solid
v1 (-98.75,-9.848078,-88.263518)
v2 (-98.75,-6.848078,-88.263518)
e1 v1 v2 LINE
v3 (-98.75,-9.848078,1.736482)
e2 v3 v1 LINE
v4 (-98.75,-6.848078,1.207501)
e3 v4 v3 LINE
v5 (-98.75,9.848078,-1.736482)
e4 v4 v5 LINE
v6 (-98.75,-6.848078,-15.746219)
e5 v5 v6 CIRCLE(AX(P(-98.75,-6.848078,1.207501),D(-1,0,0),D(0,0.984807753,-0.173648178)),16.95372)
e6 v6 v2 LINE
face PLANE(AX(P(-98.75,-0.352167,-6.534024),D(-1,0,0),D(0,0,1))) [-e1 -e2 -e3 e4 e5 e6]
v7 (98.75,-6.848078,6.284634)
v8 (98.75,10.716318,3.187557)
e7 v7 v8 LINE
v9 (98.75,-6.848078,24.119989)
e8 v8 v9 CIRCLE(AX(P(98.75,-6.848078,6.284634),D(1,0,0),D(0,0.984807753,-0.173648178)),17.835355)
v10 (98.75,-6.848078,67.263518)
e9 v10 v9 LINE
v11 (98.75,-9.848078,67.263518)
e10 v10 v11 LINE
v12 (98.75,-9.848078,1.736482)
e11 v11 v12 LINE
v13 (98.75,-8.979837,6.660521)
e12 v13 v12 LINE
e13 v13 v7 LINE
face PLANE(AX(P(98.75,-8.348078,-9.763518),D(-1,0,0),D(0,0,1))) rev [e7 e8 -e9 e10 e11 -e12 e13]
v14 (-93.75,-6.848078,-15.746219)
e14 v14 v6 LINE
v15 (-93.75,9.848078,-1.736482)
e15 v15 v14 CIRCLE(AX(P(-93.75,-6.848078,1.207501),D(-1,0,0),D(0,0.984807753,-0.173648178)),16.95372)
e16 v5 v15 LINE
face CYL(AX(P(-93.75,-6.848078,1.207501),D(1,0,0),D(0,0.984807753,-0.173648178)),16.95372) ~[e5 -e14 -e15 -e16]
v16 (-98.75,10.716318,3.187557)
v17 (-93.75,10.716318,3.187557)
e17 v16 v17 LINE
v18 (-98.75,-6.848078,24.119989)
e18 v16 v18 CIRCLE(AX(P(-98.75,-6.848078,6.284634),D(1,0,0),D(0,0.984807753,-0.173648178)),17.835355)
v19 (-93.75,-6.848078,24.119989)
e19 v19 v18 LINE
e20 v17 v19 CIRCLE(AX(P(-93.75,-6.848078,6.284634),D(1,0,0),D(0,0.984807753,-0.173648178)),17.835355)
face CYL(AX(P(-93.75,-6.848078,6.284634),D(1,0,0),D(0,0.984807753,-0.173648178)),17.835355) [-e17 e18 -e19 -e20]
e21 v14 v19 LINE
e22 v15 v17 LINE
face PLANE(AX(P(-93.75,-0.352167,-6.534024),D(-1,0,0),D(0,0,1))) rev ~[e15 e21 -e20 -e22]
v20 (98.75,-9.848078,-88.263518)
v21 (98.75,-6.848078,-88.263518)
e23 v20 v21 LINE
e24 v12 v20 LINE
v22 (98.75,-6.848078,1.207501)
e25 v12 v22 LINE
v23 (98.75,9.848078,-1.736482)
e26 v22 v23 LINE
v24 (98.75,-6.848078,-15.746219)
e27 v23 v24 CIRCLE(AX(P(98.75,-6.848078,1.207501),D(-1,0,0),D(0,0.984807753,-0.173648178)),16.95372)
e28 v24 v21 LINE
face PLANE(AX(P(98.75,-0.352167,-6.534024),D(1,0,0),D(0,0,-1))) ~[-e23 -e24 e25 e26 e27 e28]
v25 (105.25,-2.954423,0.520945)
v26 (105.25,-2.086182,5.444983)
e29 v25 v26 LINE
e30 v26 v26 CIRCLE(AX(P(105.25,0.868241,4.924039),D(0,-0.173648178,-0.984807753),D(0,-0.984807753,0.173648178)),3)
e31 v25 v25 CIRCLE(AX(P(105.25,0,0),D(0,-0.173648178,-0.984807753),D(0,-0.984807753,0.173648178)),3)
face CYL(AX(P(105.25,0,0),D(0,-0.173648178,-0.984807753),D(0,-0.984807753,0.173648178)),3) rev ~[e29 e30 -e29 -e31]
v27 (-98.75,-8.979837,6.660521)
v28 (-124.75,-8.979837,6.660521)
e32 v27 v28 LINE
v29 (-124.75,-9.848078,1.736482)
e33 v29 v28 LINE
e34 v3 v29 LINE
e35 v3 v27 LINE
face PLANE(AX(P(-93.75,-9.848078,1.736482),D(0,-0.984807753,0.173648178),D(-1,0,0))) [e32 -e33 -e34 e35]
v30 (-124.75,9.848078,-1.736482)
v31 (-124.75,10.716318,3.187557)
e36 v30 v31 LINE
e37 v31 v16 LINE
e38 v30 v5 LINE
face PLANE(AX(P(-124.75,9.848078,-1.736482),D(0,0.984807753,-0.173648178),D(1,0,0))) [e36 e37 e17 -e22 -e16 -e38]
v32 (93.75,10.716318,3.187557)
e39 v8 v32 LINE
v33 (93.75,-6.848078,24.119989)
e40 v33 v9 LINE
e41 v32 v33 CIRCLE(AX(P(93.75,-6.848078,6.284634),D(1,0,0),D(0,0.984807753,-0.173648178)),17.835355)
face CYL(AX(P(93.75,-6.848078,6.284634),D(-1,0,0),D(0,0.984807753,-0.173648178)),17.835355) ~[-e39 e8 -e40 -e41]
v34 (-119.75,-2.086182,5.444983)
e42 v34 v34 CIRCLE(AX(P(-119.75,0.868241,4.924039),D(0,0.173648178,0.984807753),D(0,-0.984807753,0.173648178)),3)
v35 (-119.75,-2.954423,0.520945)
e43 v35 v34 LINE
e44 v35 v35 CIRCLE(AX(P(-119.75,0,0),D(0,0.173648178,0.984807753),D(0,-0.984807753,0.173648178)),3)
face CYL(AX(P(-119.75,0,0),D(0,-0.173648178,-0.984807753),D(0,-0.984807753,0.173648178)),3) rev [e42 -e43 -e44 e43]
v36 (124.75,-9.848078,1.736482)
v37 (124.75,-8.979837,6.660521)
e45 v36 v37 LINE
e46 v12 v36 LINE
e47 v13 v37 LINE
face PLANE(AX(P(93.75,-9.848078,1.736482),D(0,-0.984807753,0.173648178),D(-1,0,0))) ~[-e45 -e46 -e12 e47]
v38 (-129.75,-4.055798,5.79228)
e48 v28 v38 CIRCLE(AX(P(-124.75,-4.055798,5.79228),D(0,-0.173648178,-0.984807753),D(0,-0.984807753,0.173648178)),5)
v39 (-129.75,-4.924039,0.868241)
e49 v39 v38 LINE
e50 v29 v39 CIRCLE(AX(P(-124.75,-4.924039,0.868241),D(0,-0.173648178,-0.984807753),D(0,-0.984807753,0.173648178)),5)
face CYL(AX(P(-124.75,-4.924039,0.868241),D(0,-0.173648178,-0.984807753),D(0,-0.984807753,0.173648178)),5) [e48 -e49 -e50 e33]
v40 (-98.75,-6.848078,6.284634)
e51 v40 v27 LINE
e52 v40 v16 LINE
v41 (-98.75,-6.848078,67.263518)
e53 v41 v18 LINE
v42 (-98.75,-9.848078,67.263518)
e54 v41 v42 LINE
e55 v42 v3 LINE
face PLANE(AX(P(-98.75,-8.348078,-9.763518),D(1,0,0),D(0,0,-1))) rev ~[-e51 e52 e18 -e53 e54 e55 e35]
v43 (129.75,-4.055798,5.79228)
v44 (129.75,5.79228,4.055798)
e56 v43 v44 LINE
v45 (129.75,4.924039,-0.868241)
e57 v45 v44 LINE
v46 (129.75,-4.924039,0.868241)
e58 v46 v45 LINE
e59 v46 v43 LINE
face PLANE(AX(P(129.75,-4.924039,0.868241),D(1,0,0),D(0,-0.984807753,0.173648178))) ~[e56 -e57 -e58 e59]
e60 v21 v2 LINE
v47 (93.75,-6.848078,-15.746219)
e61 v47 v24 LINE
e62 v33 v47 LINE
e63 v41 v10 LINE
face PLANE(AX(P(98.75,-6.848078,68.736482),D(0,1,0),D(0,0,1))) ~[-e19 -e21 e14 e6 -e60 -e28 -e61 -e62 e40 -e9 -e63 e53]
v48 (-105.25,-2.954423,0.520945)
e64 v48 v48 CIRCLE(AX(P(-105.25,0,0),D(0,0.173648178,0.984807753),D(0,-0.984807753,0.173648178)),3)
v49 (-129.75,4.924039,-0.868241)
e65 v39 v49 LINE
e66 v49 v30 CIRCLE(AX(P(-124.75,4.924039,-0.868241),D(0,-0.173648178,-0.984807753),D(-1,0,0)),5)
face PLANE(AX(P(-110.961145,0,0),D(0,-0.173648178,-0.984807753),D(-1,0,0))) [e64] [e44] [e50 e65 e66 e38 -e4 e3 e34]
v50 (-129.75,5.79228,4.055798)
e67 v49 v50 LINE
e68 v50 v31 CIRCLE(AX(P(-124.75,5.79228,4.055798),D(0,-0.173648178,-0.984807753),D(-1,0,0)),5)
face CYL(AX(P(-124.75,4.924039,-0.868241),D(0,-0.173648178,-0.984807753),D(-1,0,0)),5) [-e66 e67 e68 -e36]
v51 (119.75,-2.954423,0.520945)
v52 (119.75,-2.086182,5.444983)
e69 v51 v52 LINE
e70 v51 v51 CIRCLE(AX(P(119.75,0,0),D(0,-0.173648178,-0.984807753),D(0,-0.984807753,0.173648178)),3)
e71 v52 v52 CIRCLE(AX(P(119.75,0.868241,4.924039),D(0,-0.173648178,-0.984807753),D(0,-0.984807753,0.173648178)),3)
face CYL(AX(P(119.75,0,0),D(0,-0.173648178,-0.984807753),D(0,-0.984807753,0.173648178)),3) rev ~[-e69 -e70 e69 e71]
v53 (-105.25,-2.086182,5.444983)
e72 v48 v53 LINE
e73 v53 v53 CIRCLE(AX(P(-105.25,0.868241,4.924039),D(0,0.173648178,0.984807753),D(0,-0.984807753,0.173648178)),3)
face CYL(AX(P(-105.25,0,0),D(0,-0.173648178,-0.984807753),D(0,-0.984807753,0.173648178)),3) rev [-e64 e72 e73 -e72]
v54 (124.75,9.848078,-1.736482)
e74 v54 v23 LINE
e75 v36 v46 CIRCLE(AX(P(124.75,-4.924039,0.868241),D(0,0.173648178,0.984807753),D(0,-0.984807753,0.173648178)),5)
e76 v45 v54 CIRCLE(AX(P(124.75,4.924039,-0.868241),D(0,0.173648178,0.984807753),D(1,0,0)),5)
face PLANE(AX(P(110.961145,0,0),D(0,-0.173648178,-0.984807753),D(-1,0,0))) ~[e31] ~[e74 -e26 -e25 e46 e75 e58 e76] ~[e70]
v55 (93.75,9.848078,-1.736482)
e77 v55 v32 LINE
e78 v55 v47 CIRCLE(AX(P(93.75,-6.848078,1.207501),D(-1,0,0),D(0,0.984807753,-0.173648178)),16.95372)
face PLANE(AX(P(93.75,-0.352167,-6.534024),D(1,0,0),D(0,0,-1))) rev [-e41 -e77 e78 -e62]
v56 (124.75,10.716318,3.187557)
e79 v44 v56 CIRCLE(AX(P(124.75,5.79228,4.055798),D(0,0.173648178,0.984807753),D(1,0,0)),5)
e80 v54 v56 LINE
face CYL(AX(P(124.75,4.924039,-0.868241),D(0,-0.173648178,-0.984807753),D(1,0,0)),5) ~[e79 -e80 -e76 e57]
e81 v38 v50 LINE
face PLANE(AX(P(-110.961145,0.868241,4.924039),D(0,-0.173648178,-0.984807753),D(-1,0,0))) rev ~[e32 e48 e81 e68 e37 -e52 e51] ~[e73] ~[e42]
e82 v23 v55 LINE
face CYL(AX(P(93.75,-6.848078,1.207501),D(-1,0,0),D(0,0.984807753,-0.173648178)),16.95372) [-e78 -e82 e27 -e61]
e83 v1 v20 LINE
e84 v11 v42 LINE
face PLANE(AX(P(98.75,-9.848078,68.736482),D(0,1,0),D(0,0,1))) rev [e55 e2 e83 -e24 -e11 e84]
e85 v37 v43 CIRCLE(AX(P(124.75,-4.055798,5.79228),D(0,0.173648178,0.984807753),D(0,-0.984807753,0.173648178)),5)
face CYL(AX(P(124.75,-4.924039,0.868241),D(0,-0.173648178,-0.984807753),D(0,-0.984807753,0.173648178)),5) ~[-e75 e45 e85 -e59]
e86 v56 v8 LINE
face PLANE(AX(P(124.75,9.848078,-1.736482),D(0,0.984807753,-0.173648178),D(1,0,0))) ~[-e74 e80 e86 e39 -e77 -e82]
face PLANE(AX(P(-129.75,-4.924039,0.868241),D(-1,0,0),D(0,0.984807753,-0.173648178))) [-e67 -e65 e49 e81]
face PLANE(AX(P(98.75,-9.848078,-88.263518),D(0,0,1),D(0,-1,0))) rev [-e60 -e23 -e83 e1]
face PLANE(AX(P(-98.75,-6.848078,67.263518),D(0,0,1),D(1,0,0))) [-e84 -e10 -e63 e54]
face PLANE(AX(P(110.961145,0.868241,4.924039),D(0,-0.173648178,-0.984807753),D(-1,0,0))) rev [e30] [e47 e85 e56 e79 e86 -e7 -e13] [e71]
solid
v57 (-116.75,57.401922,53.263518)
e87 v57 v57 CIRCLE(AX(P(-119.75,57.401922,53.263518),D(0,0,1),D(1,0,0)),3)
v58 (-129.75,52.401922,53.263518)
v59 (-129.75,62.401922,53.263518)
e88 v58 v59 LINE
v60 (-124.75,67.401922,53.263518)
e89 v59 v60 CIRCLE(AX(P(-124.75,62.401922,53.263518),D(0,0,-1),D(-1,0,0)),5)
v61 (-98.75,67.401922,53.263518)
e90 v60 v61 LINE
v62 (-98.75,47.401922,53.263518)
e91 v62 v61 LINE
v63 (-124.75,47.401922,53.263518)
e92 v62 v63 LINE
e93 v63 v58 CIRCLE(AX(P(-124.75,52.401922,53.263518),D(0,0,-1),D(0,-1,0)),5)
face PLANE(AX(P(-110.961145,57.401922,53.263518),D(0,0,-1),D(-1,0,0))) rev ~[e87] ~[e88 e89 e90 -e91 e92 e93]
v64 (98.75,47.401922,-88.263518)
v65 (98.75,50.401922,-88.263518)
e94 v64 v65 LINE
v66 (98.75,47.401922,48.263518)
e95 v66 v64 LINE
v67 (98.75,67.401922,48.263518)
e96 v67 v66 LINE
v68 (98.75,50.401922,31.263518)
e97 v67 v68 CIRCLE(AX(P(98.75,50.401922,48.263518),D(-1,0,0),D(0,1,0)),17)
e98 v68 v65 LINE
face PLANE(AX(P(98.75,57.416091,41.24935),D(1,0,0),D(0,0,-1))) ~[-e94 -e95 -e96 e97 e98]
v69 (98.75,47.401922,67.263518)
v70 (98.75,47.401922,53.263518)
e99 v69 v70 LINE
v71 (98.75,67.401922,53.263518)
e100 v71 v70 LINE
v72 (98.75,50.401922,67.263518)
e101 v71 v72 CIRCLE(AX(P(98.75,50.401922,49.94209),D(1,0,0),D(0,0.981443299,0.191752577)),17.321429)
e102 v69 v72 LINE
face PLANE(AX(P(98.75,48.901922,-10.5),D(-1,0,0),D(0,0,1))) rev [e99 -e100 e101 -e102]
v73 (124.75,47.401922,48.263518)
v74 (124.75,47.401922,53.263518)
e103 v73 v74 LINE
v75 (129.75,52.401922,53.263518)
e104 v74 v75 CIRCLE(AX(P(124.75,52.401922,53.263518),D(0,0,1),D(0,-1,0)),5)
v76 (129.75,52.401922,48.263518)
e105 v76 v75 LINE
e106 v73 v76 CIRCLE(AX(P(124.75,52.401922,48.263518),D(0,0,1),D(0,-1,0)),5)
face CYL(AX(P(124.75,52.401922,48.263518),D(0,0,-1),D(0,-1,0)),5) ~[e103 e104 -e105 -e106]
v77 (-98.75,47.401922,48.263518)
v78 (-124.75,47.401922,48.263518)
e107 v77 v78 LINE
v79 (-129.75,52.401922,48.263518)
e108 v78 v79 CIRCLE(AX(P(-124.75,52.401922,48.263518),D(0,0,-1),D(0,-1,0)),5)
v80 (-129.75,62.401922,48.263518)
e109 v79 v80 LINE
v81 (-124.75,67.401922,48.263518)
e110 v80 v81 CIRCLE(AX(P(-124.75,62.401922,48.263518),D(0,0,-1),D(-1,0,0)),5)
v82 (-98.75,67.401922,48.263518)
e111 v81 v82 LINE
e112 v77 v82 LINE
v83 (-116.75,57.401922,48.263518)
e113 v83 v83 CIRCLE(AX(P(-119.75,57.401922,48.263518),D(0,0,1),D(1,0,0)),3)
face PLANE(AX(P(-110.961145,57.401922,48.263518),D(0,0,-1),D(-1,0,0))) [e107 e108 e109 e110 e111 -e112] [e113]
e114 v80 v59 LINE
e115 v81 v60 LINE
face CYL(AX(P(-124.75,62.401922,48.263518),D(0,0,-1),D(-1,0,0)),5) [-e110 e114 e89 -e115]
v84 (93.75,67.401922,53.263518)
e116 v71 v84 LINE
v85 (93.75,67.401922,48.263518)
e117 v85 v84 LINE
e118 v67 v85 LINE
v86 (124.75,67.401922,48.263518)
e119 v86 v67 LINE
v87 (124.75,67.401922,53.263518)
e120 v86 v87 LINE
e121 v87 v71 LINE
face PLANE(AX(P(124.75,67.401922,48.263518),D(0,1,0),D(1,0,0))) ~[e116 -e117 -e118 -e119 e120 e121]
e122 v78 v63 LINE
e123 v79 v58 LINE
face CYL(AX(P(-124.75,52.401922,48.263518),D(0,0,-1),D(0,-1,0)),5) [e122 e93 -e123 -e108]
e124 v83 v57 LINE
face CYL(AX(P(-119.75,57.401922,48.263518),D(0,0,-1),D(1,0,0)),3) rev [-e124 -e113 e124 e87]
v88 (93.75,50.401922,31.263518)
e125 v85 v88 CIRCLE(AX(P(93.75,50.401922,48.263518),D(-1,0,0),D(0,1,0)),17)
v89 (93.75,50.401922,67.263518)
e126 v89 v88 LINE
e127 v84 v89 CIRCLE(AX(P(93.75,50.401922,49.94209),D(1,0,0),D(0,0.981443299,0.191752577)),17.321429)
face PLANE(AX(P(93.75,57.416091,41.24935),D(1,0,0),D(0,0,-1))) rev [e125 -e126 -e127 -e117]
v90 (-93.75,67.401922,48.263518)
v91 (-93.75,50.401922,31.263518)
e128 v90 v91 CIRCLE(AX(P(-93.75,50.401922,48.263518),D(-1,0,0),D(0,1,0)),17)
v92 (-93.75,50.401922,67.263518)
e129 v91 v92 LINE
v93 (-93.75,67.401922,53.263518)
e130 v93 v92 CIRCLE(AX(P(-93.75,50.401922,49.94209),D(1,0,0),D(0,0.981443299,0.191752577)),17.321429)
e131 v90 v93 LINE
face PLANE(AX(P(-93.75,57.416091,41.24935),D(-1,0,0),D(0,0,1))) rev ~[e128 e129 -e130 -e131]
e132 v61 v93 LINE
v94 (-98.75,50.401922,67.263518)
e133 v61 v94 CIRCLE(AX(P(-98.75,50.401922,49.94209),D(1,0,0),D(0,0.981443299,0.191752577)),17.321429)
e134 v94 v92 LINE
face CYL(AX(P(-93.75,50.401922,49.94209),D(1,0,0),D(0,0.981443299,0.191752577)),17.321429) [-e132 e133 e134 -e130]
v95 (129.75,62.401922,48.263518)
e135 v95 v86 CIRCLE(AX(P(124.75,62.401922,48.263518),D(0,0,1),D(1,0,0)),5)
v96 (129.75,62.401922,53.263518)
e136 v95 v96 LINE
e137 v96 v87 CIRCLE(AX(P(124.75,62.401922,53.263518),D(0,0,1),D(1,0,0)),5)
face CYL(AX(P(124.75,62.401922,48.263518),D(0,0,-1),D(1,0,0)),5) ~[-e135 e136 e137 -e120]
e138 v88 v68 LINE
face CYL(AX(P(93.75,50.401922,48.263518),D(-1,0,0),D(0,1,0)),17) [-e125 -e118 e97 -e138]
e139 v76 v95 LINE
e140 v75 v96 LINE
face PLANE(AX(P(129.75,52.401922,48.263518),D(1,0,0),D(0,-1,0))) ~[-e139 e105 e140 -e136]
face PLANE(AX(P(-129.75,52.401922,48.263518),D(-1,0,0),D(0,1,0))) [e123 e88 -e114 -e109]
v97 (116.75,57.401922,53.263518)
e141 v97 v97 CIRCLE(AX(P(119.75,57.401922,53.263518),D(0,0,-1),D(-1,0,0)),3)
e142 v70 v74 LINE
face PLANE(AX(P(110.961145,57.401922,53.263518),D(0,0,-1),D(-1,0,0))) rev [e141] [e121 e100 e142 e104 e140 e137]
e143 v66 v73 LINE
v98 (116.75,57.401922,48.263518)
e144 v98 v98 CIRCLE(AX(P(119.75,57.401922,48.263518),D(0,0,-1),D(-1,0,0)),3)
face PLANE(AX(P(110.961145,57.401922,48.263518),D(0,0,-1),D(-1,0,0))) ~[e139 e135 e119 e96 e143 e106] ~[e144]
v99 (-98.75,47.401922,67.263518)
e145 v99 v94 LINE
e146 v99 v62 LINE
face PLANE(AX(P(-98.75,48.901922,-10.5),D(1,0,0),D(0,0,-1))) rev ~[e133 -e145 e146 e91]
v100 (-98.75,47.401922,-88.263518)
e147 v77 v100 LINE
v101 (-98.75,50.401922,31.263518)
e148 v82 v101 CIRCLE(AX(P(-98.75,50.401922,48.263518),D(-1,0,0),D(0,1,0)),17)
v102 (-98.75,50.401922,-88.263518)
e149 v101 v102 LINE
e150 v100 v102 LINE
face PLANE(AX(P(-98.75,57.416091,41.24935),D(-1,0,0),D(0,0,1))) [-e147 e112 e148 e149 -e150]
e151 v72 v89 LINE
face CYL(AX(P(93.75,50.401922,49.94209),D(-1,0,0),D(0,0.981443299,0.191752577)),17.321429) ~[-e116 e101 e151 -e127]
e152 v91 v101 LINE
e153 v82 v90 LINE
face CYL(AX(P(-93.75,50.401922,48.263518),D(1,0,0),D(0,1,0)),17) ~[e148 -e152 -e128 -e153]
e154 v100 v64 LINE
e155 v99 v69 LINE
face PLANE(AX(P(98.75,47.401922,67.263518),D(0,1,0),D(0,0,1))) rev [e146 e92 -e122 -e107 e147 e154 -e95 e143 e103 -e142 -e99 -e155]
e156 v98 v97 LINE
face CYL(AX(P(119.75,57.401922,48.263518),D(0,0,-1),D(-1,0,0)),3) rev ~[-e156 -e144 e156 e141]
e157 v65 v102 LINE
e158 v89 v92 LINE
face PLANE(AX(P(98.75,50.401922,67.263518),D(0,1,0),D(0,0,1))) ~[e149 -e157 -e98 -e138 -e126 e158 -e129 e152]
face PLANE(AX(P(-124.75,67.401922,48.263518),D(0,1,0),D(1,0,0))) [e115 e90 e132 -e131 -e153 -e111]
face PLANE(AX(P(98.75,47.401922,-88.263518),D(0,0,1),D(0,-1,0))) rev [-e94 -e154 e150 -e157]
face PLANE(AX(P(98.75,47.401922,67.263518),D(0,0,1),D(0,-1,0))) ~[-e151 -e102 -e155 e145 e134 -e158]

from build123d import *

# Parameters (mm, degrees)
SKETCH1_R                        = 3
LOWER_LEFT_TAB_DEPTH             = 5
BOTTOM_START                     = -5
SKETCH2_W                        = 157
SKETCH2_H                        = 3
BOTTOM_PLATE_EXTRUDE_DEPTH       = 98.75
BOTTOM_TAB_SUPPORT_EXTRUDE_DEPTH = 5
SKETCH5_R                        = 3
TOP_TAB_EXTRUDE_DEPTH            = 5
TOP_START                        = -5
SKETCH6_W                        = 155.527036446
SKETCH6_H                        = 3
TOP_PLATE_EXTRUDE_DEPTH          = 98.75
TOP_TAB_SUPPORT_EXTRUDE_DEPTH    = 5
SKETCH8_W                        = 197.5
SKETCH8_H                        = 1.472963554
BOTTOM_PLATE_WAS_TOO_LONG_DEPTH  = 10


with BuildPart() as part:
    # Sketch1 → Lower left tab (new body)
    with BuildSketch(Plane(origin=(0, 0, 0), x_dir=(1, 0, 0), z_dir=(0, 0.17364817766693072, 0.984807753012208))):
        with BuildLine():
            Line((-124.75, 10), (-93.75, 10))
            Line((-93.75, 10), (-93.75, -10))
            Line((-93.75, -10), (-124.75, -10))
            ThreePointArc((-124.75, -10), (-128.285533906, -8.535533906), (-129.75, -5))
            Line((-129.75, -5), (-129.75, 5))
            ThreePointArc((-129.75, 5), (-128.285533906, 8.535533906), (-124.75, 10))
        make_face()
        with Locations(Location((-119.75, 0, 0), (0, 0, 270))):
            Circle(SKETCH1_R, mode=Mode.SUBTRACT)
        with Locations(Location((-105.25, 0, 0), (0, 0, 270))):
            Circle(SKETCH1_R, mode=Mode.SUBTRACT)
    lower_left_tab = extrude(amount=LOWER_LEFT_TAB_DEPTH)

    # Sketch2 → Bottom plate extrude (add)
    with BuildSketch(Plane(origin=(-93.75, 0, 0), x_dir=(0, 0, -1), z_dir=(1, 0, 0)).offset(BOTTOM_START)):
        with Locations((9.763518223, -8.34807753)):
            Rectangle(SKETCH2_W, SKETCH2_H)
    bottom_plate_extrude = extrude(amount=BOTTOM_PLATE_EXTRUDE_DEPTH)

    # Sketch4 → Bottom tab support extrude (add)
    with BuildSketch(Plane(origin=(-93.75, 0, 0), x_dir=(0, 0, -1), z_dir=(1, 0, 0))):
        with BuildLine():
            Line((15.74621933, -6.84807753), (-1.207500835, -6.84807753))
            Line((-1.207500835, -6.84807753), (1.736481777, 9.84807753))
            ThreePointArc((1.736481777, 9.84807753), (11.779802288, 4.04956373), (15.74621933, -6.84807753))
        make_face()
        with BuildLine():
            Line((-6.284633894, -6.84807753), (-3.187556988, 10.716318418))
            ThreePointArc((-3.187556988, 10.716318418), (-17.748979146, 6.814597111), (-24.119988962, -6.84807753))
            Line((-24.119988962, -6.84807753), (-6.284633894, -6.84807753))
        make_face()
    bottom_tab_support_extrude = extrude(amount=-BOTTOM_TAB_SUPPORT_EXTRUDE_DEPTH)


with BuildPart() as body_2:
    # Sketch5 → Top tab extrude (new body)
    with BuildSketch(Plane.XY.offset(48.263518223)):
        with BuildLine():
            Line((-124.75, 67.40192247), (-93.75, 67.40192247))
            Line((-93.75, 67.40192247), (-93.75, 47.40192247))
            Line((-93.75, 47.40192247), (-124.75, 47.40192247))
            ThreePointArc((-124.75, 47.40192247), (-128.285533906, 48.866388564), (-129.75, 52.40192247))
            Line((-129.75, 52.40192247), (-129.75, 62.40192247))
            ThreePointArc((-129.75, 62.40192247), (-128.285533906, 65.937456376), (-124.75, 67.40192247))
        make_face()
        with Locations((-119.75, 57.40192247)):
            Circle(SKETCH5_R, mode=Mode.SUBTRACT)
    top_tab_extrude = extrude(amount=TOP_TAB_EXTRUDE_DEPTH)

    # Sketch6 → Top plate extrude (add)
    with BuildSketch(Plane(origin=(-93.75, 0, 0), x_dir=(0, 0, -1), z_dir=(1, 0, 0)).offset(TOP_START)):
        with Locations((10.5, 48.90192247)):
            Rectangle(SKETCH6_W, SKETCH6_H)
    top_plate_extrude = extrude(amount=TOP_PLATE_EXTRUDE_DEPTH)

    # Sketch7 → Top tab support extrude (add)
    with BuildSketch(Plane(origin=(-93.75, 0, 0), x_dir=(0, 0, -1), z_dir=(1, 0, 0))):
        with BuildLine():
            Line((-48.263518223, 50.40192247), (-48.263518223, 67.40192247))
            ThreePointArc((-48.263518223, 67.40192247), (-36.242702943, 62.42273775), (-31.263518223, 50.40192247))
            Line((-31.263518223, 50.40192247), (-48.263518223, 50.40192247))
        make_face()
        with BuildLine():
            Line((-53.263518223, 50.40192247), (-53.263518223, 67.40192247))
            ThreePointArc((-53.263518223, 67.40192247), (-63.31302409, 61.413280243), (-67.263518223, 50.40192247))
            Line((-67.263518223, 50.40192247), (-53.263518223, 50.40192247))
        make_face()
    top_tab_support_extrude = extrude(amount=-TOP_TAB_SUPPORT_EXTRUDE_DEPTH)


with BuildPart() as part_1:
    add(part.part)

    add(body_2.part)  # Mirror 2 merges body 2
    # Mirror 2: Lower left tab, Bottom plate extrude, Bottom tab support extrude, Top tab extrude, Top plate extrude, Top tab support extrude across plane
    add(lower_left_tab.mirror(Plane(origin=(0, 0, 0), x_dir=(0, 0, 1), z_dir=(1, 0, 0))))
    add(bottom_plate_extrude.mirror(Plane(origin=(0, 0, 0), x_dir=(0, 0, 1), z_dir=(1, 0, 0))))
    add(bottom_tab_support_extrude.mirror(Plane(origin=(0, 0, 0), x_dir=(0, 0, 1), z_dir=(1, 0, 0))))
    add(top_tab_extrude.mirror(Plane(origin=(0, 0, 0), x_dir=(0, 0, 1), z_dir=(1, 0, 0))))
    add(top_plate_extrude.mirror(Plane(origin=(0, 0, 0), x_dir=(0, 0, 1), z_dir=(1, 0, 0))))
    add(top_tab_support_extrude.mirror(Plane(origin=(0, 0, 0), x_dir=(0, 0, 1), z_dir=(1, 0, 0))))

    # Sketch8 → Bottom plate was too long (cut)
    with BuildSketch(Plane(origin=(0, -6.84807753, 0), x_dir=(1, 0, 0), z_dir=(0, 1, 0))):
        with Locations((0, -68)):
            Rectangle(SKETCH8_W, SKETCH8_H)
    extrude(amount=-BOTTOM_PLATE_WAS_TOO_LONG_DEPTH, mode=Mode.SUBTRACT)


solid = part_1.part
